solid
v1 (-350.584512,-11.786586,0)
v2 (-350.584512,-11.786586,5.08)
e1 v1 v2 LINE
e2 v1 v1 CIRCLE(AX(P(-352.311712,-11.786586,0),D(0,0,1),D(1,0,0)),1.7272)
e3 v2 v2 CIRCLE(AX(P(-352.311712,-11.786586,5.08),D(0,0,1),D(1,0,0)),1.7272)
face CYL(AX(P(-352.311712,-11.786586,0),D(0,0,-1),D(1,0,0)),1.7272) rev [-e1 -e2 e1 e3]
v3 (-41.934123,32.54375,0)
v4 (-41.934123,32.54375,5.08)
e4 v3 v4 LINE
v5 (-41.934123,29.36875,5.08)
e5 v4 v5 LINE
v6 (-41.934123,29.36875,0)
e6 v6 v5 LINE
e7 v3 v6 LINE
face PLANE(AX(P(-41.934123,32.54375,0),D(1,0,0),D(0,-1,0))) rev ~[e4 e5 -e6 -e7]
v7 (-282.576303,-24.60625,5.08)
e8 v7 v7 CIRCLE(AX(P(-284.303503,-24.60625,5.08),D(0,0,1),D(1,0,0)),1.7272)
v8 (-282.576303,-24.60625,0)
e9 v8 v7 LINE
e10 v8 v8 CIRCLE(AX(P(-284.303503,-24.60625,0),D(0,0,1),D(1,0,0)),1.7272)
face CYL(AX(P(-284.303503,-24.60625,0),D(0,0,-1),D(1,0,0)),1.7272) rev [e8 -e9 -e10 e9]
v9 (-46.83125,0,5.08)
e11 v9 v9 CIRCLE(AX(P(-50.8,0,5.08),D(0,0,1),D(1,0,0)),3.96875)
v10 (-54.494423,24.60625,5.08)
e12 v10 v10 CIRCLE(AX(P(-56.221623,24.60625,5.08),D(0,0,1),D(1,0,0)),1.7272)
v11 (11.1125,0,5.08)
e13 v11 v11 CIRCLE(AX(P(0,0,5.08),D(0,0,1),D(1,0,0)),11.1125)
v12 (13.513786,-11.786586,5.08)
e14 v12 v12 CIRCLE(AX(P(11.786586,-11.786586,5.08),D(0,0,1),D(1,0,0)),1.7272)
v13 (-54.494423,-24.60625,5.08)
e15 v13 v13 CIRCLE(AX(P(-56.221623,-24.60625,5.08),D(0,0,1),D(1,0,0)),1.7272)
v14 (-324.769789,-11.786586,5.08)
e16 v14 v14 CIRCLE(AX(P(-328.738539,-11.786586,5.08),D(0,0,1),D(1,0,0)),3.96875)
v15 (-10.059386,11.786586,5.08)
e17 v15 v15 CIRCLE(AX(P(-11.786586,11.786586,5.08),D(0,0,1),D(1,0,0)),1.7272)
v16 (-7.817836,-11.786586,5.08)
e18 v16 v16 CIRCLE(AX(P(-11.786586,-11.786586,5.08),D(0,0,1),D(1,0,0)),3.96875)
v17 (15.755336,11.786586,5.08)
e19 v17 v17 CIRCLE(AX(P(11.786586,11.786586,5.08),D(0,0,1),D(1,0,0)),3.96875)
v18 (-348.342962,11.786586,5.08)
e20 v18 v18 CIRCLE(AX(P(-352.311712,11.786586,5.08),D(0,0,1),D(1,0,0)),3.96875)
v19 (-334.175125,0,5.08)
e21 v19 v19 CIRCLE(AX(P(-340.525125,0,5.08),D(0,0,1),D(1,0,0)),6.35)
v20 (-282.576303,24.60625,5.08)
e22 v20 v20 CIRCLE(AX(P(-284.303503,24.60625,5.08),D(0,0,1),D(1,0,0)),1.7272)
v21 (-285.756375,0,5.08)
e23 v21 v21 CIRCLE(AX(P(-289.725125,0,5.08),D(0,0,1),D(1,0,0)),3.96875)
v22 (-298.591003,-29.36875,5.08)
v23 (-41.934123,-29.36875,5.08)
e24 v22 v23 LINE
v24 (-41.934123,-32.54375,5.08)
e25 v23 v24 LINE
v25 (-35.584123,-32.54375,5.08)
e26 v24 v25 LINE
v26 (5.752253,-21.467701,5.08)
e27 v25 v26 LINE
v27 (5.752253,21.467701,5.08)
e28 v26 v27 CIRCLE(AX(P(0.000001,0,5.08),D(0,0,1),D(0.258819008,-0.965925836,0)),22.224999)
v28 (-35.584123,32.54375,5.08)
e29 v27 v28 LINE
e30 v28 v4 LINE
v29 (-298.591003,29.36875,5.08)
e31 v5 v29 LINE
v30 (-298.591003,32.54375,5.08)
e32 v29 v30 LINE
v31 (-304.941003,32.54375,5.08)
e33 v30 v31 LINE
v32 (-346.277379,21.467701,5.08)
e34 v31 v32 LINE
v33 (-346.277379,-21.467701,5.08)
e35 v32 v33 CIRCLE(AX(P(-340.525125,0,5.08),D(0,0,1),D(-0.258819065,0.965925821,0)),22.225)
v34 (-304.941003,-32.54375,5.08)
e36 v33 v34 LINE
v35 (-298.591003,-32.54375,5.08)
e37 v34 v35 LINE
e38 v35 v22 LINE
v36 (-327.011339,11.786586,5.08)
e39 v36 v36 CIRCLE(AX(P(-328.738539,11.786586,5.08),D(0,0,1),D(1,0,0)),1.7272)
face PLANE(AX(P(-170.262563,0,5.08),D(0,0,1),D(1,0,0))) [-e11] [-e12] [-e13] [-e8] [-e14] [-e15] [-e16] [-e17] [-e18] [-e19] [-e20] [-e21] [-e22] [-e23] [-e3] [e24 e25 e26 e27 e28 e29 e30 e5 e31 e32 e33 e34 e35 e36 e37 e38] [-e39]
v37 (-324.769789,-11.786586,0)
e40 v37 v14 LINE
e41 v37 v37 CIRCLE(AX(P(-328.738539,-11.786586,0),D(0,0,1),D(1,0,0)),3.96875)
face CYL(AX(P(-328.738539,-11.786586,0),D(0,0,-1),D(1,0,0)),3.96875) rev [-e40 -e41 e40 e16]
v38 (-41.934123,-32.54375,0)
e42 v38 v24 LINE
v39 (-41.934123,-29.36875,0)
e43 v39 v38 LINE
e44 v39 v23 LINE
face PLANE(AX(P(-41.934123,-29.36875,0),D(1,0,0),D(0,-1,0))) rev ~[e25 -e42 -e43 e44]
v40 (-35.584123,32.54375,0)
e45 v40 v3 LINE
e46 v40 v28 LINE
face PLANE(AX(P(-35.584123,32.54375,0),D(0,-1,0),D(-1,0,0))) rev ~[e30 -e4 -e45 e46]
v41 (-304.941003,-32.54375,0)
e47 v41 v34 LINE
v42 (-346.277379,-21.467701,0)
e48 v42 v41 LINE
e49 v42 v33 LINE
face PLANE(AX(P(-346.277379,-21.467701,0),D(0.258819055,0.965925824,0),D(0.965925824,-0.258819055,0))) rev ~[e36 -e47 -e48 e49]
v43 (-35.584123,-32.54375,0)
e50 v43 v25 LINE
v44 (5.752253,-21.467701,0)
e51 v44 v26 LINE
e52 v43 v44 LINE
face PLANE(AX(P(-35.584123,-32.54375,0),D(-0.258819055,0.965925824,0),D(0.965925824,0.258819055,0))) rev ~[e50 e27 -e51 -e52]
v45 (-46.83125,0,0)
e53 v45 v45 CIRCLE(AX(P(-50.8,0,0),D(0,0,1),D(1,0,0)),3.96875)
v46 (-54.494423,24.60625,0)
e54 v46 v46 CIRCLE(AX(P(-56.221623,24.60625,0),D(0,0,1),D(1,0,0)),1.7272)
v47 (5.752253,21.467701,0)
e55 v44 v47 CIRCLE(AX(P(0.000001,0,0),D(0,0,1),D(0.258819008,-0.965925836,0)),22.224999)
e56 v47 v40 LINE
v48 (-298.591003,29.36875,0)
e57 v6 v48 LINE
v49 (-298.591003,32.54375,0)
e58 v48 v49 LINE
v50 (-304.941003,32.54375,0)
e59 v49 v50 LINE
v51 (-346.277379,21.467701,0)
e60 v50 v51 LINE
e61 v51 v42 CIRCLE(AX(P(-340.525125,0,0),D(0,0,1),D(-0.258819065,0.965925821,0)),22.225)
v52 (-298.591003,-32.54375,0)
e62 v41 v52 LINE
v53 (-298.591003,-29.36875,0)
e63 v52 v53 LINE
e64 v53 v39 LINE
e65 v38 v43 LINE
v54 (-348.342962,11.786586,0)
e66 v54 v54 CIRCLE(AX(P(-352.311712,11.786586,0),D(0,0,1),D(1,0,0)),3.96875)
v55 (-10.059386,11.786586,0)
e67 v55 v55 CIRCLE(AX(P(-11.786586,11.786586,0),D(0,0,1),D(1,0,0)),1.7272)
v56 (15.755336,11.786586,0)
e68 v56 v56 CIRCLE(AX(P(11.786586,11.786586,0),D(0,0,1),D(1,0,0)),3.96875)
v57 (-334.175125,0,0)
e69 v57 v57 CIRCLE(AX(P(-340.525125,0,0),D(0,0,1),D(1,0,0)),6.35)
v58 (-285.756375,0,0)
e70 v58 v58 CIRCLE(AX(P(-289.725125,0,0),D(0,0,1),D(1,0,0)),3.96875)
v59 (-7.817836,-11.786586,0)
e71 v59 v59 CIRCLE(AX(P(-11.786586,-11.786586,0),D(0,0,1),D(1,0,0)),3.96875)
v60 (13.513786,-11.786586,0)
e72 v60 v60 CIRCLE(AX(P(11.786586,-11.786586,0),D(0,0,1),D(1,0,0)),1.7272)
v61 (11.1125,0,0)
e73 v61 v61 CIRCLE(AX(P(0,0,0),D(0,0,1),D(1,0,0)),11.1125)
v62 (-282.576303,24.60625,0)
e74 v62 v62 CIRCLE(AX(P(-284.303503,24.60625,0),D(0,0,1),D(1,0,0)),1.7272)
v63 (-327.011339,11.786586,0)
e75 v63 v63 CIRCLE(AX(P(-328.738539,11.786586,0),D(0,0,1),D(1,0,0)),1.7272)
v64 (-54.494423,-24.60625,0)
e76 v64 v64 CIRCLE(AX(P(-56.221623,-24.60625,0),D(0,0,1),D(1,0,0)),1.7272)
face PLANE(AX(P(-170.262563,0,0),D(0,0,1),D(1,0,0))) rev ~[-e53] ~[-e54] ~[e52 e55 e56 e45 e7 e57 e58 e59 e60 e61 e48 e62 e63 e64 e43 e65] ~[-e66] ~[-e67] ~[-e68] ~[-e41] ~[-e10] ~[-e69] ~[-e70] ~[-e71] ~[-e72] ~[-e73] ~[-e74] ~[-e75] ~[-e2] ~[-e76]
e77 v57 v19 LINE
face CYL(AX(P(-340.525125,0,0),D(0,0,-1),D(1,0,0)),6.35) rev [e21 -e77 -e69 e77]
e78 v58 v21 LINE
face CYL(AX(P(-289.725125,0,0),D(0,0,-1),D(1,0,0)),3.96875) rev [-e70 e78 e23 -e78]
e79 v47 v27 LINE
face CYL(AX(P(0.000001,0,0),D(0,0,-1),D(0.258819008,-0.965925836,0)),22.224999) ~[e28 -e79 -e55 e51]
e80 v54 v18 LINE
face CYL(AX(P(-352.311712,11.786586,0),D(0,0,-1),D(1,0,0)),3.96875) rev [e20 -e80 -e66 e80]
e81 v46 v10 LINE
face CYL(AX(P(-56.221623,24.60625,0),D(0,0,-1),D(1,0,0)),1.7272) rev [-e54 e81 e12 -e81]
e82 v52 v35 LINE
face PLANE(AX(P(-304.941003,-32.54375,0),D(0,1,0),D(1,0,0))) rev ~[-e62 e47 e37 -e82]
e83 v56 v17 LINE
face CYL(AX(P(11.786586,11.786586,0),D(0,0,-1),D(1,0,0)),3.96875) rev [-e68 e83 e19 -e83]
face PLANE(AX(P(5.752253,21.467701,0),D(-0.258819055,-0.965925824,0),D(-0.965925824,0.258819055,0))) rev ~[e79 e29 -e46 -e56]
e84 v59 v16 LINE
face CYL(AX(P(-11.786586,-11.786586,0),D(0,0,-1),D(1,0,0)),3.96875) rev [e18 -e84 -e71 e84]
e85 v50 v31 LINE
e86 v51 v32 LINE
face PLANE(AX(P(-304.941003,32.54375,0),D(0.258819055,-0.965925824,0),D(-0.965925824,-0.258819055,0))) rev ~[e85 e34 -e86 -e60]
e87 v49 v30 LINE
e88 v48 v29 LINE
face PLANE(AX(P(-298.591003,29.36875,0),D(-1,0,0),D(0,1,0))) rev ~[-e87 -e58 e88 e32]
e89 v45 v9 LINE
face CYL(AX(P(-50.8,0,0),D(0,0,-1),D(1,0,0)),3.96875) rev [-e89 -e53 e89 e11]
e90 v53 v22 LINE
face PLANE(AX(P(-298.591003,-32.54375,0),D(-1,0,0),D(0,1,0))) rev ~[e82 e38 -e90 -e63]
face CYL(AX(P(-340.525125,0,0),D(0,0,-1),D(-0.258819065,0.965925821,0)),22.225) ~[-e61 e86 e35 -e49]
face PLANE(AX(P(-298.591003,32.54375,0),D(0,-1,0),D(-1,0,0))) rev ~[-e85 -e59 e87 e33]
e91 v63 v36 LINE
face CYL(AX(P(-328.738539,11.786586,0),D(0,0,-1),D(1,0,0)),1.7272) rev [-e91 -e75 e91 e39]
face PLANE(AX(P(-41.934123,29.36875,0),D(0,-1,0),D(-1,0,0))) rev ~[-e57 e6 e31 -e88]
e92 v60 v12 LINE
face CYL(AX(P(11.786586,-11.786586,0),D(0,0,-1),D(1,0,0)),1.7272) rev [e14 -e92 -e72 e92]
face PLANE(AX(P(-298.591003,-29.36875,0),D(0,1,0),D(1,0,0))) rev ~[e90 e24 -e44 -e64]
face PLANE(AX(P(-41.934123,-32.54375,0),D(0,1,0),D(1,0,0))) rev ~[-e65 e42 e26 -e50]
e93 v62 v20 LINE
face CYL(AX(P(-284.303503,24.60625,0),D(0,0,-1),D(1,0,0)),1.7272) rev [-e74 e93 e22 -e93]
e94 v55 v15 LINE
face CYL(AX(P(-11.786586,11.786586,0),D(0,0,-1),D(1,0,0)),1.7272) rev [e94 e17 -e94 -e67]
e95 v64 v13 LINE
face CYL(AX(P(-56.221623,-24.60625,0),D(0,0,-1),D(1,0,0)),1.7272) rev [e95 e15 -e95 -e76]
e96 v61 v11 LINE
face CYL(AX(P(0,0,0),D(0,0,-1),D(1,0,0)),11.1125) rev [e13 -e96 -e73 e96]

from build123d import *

# Parameters (mm, degrees)
F0_R     = 1.7272
F0_R_2   = 3.96875
F0_R_3   = 6.35
F0_R_4   = 11.1125
F1_DEPTH = 5.08


with BuildPart() as f1:
    # F0 (on Top) → F1 (new body)
    with BuildSketch(Plane.XY):
        with BuildLine():
            Line((-304.941003, 32.54375), (-346.277379, 21.467701))
            ThreePointArc((-346.277379, 21.467701), (-362.750125, 0), (-346.277379, -21.467701))
            Line((-346.277379, -21.467701), (-304.941003, -32.54375))
            Line((-304.941003, -32.54375), (-298.591003, -32.54375))
            Line((-298.591003, -32.54375), (-298.591003, -29.36875))
            Line((-298.591003, -29.36875), (-41.934123, -29.36875))
            Line((-41.934123, -29.36875), (-41.934123, -32.54375))
            Line((-41.934123, -32.54375), (-35.584123, -32.54375))
            Line((-35.584123, -32.54375), (5.752253, -21.467701))
            ThreePointArc((5.752253, -21.467701), (22.225, 0), (5.752253, 21.467701))
            Line((5.752253, 21.467701), (-35.584123, 32.54375))
            Line((-35.584123, 32.54375), (-41.934123, 32.54375))
            Line((-41.934123, 32.54375), (-41.934123, 29.36875))
            Line((-41.934123, 29.36875), (-298.591003, 29.36875))
            Line((-298.591003, 29.36875), (-298.591003, 32.54375))
            Line((-298.591003, 32.54375), (-304.941003, 32.54375))
        make_face()
        with Locations((-284.303503, -24.60625)):
            Circle(F0_R, mode=Mode.SUBTRACT)
        with Locations((-352.311712, -11.786586)):
            Circle(F0_R, mode=Mode.SUBTRACT)
        with Locations((-328.738539, -11.786586)):
            Circle(F0_R_2, mode=Mode.SUBTRACT)
        with Locations((-56.221623, -24.60625)):
            Circle(F0_R, mode=Mode.SUBTRACT)
        with Locations((-11.786586, -11.786586)):
            Circle(F0_R_2, mode=Mode.SUBTRACT)
        with Locations((11.786586, -11.786586)):
            Circle(F0_R, mode=Mode.SUBTRACT)
        with Locations((-340.525125, 0)):
            Circle(F0_R_3, mode=Mode.SUBTRACT)
        with Locations((-289.725125, 0)):
            Circle(F0_R_2, mode=Mode.SUBTRACT)
        with Locations((-352.311712, 11.786586)):
            Circle(F0_R_2, mode=Mode.SUBTRACT)
        with Locations((-328.738539, 11.786586)):
            Circle(F0_R, mode=Mode.SUBTRACT)
        with Locations((-284.303503, 24.60625)):
            Circle(F0_R, mode=Mode.SUBTRACT)
        with Locations((-50.8, 0)):
            Circle(F0_R_2, mode=Mode.SUBTRACT)
        Circle(F0_R_4, mode=Mode.SUBTRACT)
        with Locations((-11.786586, 11.786586)):
            Circle(F0_R, mode=Mode.SUBTRACT)
        with Locations((11.786586, 11.786586)):
            Circle(F0_R_2, mode=Mode.SUBTRACT)
        with Locations((-56.221623, 24.60625)):
            Circle(F0_R, mode=Mode.SUBTRACT)
    extrude(amount=F1_DEPTH)


solid = f1.part
